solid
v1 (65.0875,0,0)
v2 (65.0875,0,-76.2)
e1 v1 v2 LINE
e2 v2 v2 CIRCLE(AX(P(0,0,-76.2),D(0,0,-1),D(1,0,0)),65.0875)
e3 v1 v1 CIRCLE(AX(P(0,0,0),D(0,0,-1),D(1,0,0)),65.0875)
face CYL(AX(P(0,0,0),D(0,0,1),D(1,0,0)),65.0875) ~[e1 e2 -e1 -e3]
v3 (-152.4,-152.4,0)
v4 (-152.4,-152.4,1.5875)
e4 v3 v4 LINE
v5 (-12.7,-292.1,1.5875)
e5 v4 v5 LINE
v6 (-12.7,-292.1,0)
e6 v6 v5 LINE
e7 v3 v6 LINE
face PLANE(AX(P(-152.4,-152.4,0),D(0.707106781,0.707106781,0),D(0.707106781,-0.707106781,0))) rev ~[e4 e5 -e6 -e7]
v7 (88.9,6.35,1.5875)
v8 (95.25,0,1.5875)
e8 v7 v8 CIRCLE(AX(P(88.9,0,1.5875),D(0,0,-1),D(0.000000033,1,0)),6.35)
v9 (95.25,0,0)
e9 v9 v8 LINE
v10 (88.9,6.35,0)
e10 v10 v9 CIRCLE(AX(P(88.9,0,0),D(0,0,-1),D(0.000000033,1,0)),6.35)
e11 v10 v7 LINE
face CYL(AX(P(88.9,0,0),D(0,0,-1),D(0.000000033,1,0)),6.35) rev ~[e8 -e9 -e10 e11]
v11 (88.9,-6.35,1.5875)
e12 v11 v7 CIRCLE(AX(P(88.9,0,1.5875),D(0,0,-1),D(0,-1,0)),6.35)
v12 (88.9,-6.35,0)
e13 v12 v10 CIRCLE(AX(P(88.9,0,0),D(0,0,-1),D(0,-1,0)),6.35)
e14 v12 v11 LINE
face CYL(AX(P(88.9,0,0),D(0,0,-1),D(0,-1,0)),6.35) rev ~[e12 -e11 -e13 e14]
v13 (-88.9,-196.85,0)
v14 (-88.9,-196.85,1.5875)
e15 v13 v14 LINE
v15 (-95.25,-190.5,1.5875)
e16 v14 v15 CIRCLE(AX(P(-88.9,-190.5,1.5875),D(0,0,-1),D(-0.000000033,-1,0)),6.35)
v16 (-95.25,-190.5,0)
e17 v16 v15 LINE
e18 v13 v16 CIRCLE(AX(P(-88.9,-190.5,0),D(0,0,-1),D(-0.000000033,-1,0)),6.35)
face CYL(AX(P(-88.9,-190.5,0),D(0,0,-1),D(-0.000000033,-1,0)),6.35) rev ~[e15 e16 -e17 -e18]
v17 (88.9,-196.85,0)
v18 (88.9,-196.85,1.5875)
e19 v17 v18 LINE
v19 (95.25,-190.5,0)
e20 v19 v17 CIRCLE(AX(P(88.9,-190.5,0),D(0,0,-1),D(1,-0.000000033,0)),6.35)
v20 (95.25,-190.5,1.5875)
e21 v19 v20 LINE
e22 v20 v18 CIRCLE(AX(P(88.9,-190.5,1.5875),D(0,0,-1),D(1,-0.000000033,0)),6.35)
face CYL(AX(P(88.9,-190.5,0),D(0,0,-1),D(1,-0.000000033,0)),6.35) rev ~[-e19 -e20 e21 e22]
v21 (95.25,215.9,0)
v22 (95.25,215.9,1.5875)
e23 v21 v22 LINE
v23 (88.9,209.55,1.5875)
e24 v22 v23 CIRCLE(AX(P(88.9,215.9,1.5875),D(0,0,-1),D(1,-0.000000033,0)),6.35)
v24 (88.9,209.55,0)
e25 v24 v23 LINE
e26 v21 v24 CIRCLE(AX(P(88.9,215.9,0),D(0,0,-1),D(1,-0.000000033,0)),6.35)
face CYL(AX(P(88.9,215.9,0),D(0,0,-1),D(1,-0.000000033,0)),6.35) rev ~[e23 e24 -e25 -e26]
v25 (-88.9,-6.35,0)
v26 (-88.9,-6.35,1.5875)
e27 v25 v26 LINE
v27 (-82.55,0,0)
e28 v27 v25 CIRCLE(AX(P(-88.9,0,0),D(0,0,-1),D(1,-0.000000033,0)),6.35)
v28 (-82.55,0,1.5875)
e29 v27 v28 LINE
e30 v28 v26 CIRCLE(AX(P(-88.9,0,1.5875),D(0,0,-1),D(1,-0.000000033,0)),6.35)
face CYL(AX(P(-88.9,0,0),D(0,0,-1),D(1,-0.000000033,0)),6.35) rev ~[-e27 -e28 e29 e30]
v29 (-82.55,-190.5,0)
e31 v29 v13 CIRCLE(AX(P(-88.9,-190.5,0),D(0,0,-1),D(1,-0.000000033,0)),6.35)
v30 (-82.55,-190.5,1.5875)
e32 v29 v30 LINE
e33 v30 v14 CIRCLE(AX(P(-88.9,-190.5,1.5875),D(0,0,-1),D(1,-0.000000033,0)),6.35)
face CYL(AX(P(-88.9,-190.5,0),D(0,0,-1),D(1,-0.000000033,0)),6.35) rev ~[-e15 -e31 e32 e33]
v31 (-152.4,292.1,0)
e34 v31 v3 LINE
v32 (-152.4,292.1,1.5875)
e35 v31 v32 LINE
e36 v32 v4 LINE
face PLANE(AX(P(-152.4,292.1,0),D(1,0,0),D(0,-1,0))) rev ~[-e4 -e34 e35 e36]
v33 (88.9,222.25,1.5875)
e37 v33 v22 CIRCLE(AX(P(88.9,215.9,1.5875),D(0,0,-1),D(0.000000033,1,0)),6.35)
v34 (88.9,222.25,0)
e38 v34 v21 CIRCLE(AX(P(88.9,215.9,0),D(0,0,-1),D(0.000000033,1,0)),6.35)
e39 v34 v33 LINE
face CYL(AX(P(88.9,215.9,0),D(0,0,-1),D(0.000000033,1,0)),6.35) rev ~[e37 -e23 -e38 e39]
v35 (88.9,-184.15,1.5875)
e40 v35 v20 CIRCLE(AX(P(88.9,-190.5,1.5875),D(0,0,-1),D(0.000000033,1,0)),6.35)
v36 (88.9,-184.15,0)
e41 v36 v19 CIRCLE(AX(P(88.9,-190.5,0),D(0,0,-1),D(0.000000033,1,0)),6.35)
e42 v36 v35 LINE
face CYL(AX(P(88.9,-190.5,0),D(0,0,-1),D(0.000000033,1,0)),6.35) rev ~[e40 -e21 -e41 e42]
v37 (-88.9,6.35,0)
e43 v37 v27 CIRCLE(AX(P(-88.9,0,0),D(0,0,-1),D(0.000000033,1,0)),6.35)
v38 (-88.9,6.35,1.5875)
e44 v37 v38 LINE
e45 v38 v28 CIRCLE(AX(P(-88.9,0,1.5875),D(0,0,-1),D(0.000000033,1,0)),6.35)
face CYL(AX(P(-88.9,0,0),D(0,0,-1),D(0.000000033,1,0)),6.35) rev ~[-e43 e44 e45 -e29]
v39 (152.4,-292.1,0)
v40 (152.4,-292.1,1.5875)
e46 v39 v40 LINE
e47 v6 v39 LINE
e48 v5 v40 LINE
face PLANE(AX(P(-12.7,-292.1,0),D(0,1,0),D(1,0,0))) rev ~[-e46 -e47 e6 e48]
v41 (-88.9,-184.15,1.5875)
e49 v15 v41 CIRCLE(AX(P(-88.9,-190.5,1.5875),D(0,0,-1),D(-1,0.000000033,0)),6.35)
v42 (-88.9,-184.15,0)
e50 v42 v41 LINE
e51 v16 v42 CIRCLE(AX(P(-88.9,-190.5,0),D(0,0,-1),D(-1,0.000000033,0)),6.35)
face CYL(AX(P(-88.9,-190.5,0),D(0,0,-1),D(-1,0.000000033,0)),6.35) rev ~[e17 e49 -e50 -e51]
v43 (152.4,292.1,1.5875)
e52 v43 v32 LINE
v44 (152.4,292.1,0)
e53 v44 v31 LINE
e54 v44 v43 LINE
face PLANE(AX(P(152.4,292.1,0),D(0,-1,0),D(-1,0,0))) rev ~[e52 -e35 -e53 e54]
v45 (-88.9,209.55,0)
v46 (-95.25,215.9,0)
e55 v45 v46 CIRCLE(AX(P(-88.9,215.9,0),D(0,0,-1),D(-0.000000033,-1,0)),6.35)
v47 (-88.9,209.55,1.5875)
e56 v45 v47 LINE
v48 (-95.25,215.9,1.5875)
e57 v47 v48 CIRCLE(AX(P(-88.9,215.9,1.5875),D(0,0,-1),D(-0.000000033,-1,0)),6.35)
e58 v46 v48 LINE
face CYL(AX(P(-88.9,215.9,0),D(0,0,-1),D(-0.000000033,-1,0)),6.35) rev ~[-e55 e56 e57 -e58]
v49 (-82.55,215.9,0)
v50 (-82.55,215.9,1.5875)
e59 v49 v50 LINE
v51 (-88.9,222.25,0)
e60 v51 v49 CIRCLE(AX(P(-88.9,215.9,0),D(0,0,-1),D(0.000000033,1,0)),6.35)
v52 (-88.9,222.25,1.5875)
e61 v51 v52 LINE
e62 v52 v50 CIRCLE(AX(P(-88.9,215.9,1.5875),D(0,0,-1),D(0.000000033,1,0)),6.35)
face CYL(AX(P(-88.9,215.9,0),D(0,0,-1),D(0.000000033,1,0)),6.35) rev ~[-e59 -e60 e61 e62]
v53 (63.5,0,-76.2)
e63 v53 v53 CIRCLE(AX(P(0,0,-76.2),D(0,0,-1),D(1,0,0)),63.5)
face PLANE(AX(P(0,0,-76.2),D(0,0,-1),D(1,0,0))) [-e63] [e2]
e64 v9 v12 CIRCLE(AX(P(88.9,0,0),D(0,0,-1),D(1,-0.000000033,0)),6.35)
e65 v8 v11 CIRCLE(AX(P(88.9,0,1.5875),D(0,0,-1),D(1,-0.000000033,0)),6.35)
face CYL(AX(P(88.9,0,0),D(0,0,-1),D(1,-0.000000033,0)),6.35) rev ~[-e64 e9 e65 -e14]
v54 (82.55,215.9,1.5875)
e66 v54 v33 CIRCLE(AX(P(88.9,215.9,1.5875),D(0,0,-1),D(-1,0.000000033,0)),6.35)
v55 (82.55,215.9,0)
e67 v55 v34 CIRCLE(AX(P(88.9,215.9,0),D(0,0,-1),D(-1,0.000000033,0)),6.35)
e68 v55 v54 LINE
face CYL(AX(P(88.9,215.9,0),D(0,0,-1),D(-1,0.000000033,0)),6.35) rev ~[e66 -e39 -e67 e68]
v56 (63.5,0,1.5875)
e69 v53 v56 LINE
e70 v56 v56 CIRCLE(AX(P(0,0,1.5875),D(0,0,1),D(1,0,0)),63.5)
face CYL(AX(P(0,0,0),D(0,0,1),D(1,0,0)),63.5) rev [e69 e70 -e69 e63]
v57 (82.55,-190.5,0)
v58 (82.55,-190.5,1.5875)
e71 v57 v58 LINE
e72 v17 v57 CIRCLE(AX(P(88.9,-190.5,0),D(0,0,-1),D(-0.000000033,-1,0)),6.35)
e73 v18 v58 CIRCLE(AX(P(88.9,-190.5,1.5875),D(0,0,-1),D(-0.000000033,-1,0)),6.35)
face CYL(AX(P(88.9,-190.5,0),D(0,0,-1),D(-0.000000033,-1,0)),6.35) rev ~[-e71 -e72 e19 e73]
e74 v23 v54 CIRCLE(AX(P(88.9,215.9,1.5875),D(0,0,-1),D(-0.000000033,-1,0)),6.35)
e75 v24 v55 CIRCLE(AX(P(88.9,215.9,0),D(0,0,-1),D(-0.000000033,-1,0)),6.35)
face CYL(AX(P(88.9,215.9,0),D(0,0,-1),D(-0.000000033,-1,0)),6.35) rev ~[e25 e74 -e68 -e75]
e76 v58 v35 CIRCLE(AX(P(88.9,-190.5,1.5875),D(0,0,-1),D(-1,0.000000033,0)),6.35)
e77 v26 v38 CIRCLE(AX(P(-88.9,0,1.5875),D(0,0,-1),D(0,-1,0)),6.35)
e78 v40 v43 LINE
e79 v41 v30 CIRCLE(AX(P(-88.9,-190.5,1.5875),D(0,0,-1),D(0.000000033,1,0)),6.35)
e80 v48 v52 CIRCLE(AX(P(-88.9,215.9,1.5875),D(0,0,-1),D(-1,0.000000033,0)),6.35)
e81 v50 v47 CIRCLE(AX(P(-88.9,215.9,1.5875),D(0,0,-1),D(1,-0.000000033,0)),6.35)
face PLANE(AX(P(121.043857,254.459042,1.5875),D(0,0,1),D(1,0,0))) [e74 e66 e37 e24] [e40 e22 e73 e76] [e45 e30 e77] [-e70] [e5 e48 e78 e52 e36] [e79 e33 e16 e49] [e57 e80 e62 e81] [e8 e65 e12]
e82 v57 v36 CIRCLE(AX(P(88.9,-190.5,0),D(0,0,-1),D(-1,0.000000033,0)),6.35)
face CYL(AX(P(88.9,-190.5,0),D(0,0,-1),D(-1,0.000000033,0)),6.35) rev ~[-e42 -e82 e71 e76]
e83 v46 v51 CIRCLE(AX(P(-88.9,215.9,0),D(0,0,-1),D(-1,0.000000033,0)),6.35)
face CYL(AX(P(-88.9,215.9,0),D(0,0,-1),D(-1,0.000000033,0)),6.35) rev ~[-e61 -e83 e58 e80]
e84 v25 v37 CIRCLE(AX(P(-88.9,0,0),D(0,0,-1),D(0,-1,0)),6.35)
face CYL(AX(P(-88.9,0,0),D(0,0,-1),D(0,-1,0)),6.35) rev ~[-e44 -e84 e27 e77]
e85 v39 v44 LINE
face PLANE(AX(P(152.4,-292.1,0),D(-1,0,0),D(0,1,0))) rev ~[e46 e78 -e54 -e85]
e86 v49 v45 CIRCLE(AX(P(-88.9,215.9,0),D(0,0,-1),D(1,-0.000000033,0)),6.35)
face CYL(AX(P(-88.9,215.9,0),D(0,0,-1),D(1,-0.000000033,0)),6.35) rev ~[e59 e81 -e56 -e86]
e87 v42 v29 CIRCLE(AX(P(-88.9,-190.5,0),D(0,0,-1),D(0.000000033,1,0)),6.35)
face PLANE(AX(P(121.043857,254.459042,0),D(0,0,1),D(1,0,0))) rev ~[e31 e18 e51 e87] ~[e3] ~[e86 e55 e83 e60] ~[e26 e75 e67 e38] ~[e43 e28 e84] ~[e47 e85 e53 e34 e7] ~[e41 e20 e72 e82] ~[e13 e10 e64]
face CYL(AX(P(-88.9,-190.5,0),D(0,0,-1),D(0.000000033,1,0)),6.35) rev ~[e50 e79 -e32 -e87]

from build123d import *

# Parameters (mm, degrees)
F0_R     = 63.5
F1_DEPTH = 1.5875
F2_R     = 65.0875
F2_R_2   = 63.5
F3_DEPTH = 76.2


with BuildPart() as f1:
    # F0 (on Top) → F1 (new body)
    with BuildSketch(Plane.XY):
        with BuildLine():
            Line((152.4, 215.9), (152.4, 292.1))
            Line((152.4, 292.1), (88.9, 292.1))
            Line((88.9, 292.1), (88.9, 222.25))
            ThreePointArc((88.9, 222.25), (93.390128, 220.390128), (95.25, 215.9))
            Line((95.25, 215.9), (152.4, 215.9))
        make_face()
        with BuildLine():
            Line((88.9, 222.25), (88.9, 292.1))
            Line((88.9, 292.1), (-88.9, 292.1))
            Line((-88.9, 292.1), (-88.9, 222.25))
            ThreePointArc((-88.9, 222.25), (-84.409872, 220.390128), (-82.55, 215.9))
            ThreePointArc((-82.55, 215.9), (-84.409872, 211.409872), (-88.9, 209.55))
            Line((-88.9, 209.55), (-88.9, 6.35))
            ThreePointArc((-88.9, 6.35), (-84.409872, 4.490128), (-82.55, 0))
            ThreePointArc((-82.55, 0), (-84.409872, -4.490128), (-88.9, -6.35))
            Line((-88.9, -6.35), (-88.9, -184.15))
            ThreePointArc((-88.9, -184.15), (-84.409872, -186.009872), (-82.55, -190.5))
            Line((-82.55, -190.5), (82.55, -190.5))
            ThreePointArc((82.55, -190.5), (84.409872, -186.009872), (88.9, -184.15))
            Line((88.9, -184.15), (88.9, -6.35))
            ThreePointArc((88.9, -6.35), (82.55, 0), (88.9, 6.35))
            Line((88.9, 6.35), (88.9, 209.55))
            ThreePointArc((88.9, 209.55), (84.409872, 211.409872), (82.55, 215.9))
            ThreePointArc((82.55, 215.9), (84.409872, 220.390128), (88.9, 222.25))
        make_face()
        Circle(F0_R, mode=Mode.SUBTRACT)
        with BuildLine():
            Line((152.4, -152.4), (152.4, 215.9))
            Line((152.4, 215.9), (95.25, 215.9))
            ThreePointArc((95.25, 215.9), (93.390128, 211.409872), (88.9, 209.55))
            Line((88.9, 209.55), (88.9, 6.35))
            ThreePointArc((88.9, 6.35), (93.390128, 4.490128), (95.25, 0))
            ThreePointArc((95.25, 0), (93.390128, -4.490128), (88.9, -6.35))
            Line((88.9, -6.35), (88.9, -184.15))
            ThreePointArc((88.9, -184.15), (93.390128, -186.009872), (95.25, -190.5))
            Line((95.25, -190.5), (152.4, -190.5))
            Line((152.4, -190.5), (152.4, -152.4))
        make_face()
        with BuildLine():
            Line((-88.9, 222.25), (-88.9, 292.1))
            Line((-88.9, 292.1), (-152.4, 292.1))
            Line((-152.4, 292.1), (-152.4, 215.9))
            Line((-152.4, 215.9), (-95.25, 215.9))
            ThreePointArc((-95.25, 215.9), (-93.390128, 220.390128), (-88.9, 222.25))
        make_face()
        with BuildLine():
            Line((152.4, -292.1), (152.4, -190.5))
            Line((152.4, -190.5), (95.25, -190.5))
            ThreePointArc((95.25, -190.5), (93.390128, -194.990128), (88.9, -196.85))
            Line((88.9, -196.85), (88.9, -292.1))
            Line((88.9, -292.1), (152.4, -292.1))
        make_face()
        with BuildLine():
            Line((-95.25, 215.9), (-152.4, 215.9))
            Line((-152.4, 215.9), (-152.4, -152.4))
            Line((-152.4, -152.4), (-114.3, -190.5))
            Line((-114.3, -190.5), (-95.25, -190.5))
            ThreePointArc((-95.25, -190.5), (-93.390128, -186.009872), (-88.9, -184.15))
            Line((-88.9, -184.15), (-88.9, -6.35))
            ThreePointArc((-88.9, -6.35), (-95.25, 0), (-88.9, 6.35))
            Line((-88.9, 6.35), (-88.9, 209.55))
            ThreePointArc((-88.9, 209.55), (-93.390128, 211.409872), (-95.25, 215.9))
        make_face()
        with BuildLine():
            Line((12.7, -292.1), (88.9, -292.1))
            Line((88.9, -292.1), (88.9, -196.85))
            ThreePointArc((88.9, -196.85), (84.409872, -194.990128), (82.55, -190.5))
            Line((82.55, -190.5), (-82.55, -190.5))
            ThreePointArc((-82.55, -190.5), (-84.409872, -194.990128), (-88.9, -196.85))
            Line((-88.9, -196.85), (-88.9, -215.9))
            Line((-88.9, -215.9), (-12.7, -292.1))
            Line((-12.7, -292.1), (12.7, -292.1))
        make_face()
        with BuildLine():
            Line((-95.25, -190.5), (-114.3, -190.5))
            Line((-114.3, -190.5), (-88.9, -215.9))
            Line((-88.9, -215.9), (-88.9, -196.85))
            ThreePointArc((-88.9, -196.85), (-93.390128, -194.990128), (-95.25, -190.5))
        make_face()
    extrude(amount=F1_DEPTH)

    # F2 (on face) → F3 (join)
    with BuildSketch(Plane(origin=(0, 0, 0), x_dir=(1, 0, 0), z_dir=(0, 0, -1))):
        Circle(F2_R)
        Circle(F2_R_2, mode=Mode.SUBTRACT)
    extrude(amount=F3_DEPTH)


solid = f1.part
